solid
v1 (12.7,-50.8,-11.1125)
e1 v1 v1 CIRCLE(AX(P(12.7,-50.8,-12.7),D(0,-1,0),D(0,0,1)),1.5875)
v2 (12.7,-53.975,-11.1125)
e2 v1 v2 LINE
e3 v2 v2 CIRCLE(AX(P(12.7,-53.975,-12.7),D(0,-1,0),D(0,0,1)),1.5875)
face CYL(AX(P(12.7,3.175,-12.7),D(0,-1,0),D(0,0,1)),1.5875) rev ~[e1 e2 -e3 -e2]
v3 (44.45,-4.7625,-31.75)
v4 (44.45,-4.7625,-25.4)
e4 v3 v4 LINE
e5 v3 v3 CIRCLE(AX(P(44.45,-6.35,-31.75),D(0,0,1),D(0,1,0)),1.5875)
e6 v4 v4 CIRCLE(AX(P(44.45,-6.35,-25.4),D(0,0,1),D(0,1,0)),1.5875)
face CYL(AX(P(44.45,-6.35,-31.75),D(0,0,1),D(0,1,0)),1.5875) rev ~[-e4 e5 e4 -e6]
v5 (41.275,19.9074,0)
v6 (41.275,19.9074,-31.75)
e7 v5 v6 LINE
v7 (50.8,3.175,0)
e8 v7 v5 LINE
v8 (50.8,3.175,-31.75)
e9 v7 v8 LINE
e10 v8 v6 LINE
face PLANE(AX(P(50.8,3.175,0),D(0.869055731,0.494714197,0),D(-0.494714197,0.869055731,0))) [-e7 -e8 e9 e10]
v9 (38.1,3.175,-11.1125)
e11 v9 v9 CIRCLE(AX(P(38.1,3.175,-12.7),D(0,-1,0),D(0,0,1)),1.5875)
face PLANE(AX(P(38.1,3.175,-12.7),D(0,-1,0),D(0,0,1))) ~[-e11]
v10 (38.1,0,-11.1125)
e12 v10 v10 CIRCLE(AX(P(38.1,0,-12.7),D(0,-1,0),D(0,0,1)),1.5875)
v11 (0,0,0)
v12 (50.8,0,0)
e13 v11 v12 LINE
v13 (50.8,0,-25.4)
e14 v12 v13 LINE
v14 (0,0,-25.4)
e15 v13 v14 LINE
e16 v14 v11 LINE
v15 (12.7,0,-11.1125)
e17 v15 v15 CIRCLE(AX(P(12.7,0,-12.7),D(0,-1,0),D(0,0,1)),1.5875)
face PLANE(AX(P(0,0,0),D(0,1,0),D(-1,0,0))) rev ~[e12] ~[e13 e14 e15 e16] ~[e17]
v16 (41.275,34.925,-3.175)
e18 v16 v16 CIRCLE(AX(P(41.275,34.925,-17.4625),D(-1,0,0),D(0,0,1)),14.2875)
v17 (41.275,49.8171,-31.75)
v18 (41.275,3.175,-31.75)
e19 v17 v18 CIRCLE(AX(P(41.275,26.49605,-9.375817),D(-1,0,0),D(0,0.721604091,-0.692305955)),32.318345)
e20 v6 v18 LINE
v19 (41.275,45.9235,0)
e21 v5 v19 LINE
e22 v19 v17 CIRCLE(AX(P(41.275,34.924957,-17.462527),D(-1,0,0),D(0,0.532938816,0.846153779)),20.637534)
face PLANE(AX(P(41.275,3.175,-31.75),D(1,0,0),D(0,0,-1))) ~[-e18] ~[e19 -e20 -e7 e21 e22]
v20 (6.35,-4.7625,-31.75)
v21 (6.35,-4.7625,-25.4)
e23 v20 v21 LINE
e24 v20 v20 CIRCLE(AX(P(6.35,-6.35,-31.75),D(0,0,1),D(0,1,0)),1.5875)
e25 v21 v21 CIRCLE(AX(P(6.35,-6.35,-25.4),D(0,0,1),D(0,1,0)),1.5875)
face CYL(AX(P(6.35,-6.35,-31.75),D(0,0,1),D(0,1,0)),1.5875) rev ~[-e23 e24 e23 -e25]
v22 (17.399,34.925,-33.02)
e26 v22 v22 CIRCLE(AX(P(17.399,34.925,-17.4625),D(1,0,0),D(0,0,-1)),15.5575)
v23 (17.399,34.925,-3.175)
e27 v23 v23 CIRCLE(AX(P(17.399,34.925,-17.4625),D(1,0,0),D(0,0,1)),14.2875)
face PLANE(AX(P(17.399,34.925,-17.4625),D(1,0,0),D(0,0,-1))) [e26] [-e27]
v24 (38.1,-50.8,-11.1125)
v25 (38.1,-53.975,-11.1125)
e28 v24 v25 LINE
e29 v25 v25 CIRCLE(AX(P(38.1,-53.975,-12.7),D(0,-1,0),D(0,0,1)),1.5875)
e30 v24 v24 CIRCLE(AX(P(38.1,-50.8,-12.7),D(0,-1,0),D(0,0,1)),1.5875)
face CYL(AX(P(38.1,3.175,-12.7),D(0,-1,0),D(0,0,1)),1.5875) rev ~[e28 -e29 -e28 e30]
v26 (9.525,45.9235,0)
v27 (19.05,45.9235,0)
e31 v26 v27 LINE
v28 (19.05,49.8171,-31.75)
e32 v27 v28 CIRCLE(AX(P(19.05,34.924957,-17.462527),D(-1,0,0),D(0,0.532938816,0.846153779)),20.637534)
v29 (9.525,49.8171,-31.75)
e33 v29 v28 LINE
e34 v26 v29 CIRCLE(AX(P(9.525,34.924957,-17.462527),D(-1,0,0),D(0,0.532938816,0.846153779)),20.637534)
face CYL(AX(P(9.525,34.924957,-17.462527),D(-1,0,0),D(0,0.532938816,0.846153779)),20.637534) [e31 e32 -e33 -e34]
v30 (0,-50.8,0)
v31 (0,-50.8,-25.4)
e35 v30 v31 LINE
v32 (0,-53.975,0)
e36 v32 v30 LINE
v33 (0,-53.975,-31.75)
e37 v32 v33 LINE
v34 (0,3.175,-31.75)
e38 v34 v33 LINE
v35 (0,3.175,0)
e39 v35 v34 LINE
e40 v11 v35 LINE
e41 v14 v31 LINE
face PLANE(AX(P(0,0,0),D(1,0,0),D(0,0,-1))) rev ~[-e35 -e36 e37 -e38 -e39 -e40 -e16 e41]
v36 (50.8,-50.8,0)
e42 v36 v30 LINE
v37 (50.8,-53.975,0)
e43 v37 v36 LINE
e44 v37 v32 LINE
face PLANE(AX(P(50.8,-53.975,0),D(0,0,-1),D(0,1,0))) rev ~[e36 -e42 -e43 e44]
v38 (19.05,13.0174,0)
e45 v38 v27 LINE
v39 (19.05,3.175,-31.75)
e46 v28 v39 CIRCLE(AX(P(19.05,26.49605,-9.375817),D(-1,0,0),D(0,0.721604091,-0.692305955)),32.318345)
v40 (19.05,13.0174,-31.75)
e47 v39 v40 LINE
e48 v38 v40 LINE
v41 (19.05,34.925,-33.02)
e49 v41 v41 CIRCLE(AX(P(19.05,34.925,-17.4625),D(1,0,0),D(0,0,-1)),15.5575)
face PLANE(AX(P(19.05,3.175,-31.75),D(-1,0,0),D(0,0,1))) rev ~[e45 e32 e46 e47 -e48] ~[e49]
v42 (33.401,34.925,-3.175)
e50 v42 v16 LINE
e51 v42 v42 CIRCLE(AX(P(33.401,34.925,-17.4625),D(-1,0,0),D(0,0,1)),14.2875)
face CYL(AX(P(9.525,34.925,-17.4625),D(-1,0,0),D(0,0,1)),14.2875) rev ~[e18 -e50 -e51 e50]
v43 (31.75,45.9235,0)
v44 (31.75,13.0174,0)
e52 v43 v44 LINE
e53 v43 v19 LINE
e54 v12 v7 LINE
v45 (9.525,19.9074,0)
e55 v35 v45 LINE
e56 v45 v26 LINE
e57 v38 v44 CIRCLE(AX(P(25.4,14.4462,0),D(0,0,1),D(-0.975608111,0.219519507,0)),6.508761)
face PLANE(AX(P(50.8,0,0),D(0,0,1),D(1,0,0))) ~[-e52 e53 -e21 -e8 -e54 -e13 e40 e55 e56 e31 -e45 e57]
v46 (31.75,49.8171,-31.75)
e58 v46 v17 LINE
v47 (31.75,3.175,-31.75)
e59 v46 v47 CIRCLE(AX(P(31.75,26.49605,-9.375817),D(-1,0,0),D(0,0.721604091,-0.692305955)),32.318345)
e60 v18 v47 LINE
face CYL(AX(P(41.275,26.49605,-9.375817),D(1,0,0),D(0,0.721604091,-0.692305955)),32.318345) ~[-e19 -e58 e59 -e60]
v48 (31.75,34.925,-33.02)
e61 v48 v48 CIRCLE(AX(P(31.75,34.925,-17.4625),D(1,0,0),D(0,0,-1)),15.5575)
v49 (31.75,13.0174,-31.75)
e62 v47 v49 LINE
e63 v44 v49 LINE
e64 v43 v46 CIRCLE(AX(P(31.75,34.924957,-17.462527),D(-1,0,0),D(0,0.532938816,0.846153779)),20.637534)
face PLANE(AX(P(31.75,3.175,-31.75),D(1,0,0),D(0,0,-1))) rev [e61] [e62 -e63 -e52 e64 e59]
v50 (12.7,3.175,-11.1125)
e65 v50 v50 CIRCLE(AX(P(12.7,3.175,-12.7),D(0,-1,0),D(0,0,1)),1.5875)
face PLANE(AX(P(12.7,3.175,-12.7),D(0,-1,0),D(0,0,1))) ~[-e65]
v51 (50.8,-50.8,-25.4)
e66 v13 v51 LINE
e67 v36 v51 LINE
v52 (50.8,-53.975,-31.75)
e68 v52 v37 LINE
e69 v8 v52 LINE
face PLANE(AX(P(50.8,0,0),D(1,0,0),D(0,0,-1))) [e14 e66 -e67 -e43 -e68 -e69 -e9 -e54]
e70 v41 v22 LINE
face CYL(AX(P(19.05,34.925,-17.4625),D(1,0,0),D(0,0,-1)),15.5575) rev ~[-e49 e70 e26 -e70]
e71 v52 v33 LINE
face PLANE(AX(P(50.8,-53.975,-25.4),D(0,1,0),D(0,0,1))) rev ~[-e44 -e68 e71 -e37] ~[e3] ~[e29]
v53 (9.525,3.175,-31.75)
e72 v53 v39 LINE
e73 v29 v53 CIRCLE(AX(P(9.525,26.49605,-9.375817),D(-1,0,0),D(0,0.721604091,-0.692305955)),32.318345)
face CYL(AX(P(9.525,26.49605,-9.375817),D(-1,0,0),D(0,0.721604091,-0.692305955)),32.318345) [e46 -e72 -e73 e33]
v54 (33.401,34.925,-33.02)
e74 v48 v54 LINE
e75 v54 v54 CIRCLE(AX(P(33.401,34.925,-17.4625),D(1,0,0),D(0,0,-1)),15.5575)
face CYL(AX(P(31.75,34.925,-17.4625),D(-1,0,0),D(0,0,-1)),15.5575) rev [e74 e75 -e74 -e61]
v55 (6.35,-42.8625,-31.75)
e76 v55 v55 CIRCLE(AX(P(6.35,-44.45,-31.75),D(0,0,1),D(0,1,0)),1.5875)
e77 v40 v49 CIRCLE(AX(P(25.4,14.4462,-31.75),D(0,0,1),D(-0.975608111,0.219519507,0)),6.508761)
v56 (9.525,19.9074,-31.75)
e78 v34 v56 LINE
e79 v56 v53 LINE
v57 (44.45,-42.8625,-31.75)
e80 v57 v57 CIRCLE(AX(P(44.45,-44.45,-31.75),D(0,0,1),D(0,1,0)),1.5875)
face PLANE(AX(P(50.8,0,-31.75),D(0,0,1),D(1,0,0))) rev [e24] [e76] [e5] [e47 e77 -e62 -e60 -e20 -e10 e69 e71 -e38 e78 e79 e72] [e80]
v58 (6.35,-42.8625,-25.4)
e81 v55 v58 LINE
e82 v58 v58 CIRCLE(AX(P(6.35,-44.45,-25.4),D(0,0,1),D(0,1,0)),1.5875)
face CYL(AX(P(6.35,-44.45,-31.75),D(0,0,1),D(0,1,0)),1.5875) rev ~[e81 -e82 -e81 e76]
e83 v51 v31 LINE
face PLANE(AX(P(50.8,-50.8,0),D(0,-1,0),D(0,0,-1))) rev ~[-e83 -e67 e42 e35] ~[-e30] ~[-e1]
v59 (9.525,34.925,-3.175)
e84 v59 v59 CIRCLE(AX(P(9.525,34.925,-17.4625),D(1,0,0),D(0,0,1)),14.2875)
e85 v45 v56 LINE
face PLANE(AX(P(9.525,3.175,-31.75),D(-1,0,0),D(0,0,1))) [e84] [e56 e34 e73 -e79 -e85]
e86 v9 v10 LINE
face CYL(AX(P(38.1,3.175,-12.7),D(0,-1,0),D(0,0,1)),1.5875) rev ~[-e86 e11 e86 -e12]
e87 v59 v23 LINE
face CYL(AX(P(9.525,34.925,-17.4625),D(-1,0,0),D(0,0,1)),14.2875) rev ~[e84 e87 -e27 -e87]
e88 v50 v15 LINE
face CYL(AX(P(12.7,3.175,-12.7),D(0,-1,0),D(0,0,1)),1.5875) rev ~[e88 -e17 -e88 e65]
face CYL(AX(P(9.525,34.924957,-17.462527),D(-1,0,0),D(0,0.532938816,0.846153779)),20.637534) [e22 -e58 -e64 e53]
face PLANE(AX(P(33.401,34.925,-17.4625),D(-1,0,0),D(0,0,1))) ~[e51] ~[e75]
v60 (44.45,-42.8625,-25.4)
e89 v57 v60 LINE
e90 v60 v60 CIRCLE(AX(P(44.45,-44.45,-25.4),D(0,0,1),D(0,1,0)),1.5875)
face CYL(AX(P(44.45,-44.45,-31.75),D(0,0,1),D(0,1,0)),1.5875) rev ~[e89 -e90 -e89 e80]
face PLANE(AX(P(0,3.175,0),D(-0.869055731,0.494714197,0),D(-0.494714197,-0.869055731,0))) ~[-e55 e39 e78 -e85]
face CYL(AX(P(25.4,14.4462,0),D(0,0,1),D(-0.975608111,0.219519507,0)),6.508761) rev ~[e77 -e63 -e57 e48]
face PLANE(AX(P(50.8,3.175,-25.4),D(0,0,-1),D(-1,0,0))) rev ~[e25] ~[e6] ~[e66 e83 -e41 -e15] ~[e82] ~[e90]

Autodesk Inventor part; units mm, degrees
ref_plane "YZ Plane" through (0, 0, 0) normal (1, 0, 0) x (0, 1, 0)
ref_plane "XZ Plane" through (0, 0, 0) normal (0, 1, 0) x (-1, 0, 0)
sketch "Sketch1" plane through (0, 0, 0) normal (0, 1, 0) x (-1, 0, 0)
  line L0 (0, 0) -> (-50.8, 0)
  line L1 (-50.8, 0) -> (-50.8, -25.4)
  line L2 (-50.8, -25.4) -> (0, -25.4)
  line L3 (0, -25.4) -> (0, 0)
  dimension "d0" = 50.8
  dimension "d1" = 25.4
extrude "Extrusion1" add sketch "Sketch1" along normal blind 3.175
sketch "Sketch10" plane through (0, 3.175, 0) normal (0, 1, 0) x (1, 0, 0)
  line L0 (50.8, 25.4) -> (0, 25.4) projected
  line L1 (0, 25.4) -> (50.8, 25.4)
  line L2 (50.8, 25.4) -> (50.8, 31.75)
  line L3 (50.8, 31.75) -> (0, 31.75)
  line L4 (0, 31.75) -> (0, 25.4)
  point P0 (0, 0)
  dimension "d46" = 6.35
extrude "Extrusion7" add sketch "Sketch10" against normal blind 57.15
sketch "Sketch11" plane through (50.8, 0, 0) normal (1, 0, 0) x (0, 0, -1)
  line L0 (25.4, -53.975) -> (31.75, -53.975) projected
  line L1 (25.4, -53.975) -> (0, -53.975)
  line L2 (0, -53.975) -> (0, -50.8)
  line L3 (0, -50.8) -> (25.4, -50.8)
  line L4 (25.4, -50.8) -> (25.4, -53.975)
  point P0 (0, 0)
  dimension "d49" = 3.175
  dimension "d80" = 25.4
extrude "Extrusion8" add sketch "Sketch11" against normal blind 50.8
sketch "Sketch12" plane through (0, 3.175, 0) normal (0, 1, 0) x (1, 0, 0)
  line L0 (9.525, 31.75) -> (19.05, 31.75)
  line L1 (19.05, 31.75) -> (19.05, 0)
  line L2 (19.05, 0) -> (9.525, 0)
  line L3 (9.525, 0) -> (9.525, 31.75)
  line L4 (31.75, 31.75) -> (41.275, 31.75)
  line L5 (41.275, 31.75) -> (41.275, 0)
  line L6 (41.275, 0) -> (31.75, 0)
  line L7 (31.75, 0) -> (31.75, 31.75)
  line L8 (19.05, 31.75) -> (31.75, 31.75) construction
  line L9 (50.8, 25.4) -> (0, 25.4) construction
  line L10 (50.8, 31.75) -> (0, 31.75) construction
  line L11 (50.8, 0) -> (50.8, 31.75) construction
  point P0 (0, 0)
  point P1 (25.4, 31.75)
  point P2 (25.4, 31.75)
  point P3 (41.275, 15.875)
  point P4 (50.8, 15.875)
  point P5 (36.5125, 31.75)
  point P6 (25.4, 31.75)
  dimension "d52" = 12.7
  dimension "d54" = 9.525
extrude "Extrusion9" add sketch "Sketch12" along normal blind 76.2
sketch "Sketch14" plane through (0, 3.175, 0) normal (0, 1, 0) x (1, 0, 0)
  line L0 (0, 31.75) -> (0, 0) projected
  line L1 (0, 0) -> (50.8, 0) projected
  point P0 (12.7, 12.7)
  point P1 (38.1, 12.7)
  dimension "d62" = 12.7
  dimension "d63" = 12.7
  dimension "d64" = 25.4
hole "Hole3" at (12.7, 3.175, -12.7) at (38.1, 3.175, -12.7) direction (0, -1, 0) diameter 3.175 end through all
sketch "Sketch15" plane through (50.8, 3.175, -31.75) normal (0, 0, -1) x (-1, 0, 0)
  line L0 (6.35, -9.525) -> (44.45, -9.525) construction
  line L1 (44.45, -9.525) -> (44.45, -47.625) construction
  line L2 (44.45, -47.625) -> (6.35, -47.625) construction
  line L3 (6.35, -47.625) -> (6.35, -9.525) construction
  line L4 (0, 0) -> (50.8, 0) construction
  line L5 (50.8, 0) -> (50.8, -57.15) construction
  point P0 (50.8, -3.175)
  point P1 (25.4, -9.525)
  point P2 (25.4, 0)
  point P3 (44.45, -28.575)
  point P4 (50.8, -28.575)
  dimension "d72" = 38.1
hole "Hole4" at (44.45, -6.35, -31.75) at (6.35, -6.35, -31.75) at (6.35, -44.45, -31.75) at (44.45, -44.45, -31.75) direction (0, 0, 1) diameter 3.175 end through all
sketch "Sketch17" plane through (9.525, 3.175, -31.75) normal (-1, 0, 0) x (0, 0, 1)
  circle A0 centre (14.2875, 31.75) radius 14.2875
  line L0 (0, 0) -> (31.75, 0) projected
  line L1 (31.75, 0) -> (31.75, 76.2) projected
  line L2 (0, 76.2) -> (31.75, 76.2) projected
  line L3 (31.75, 76.2) -> (0, 76.2)
  line L4 (0, 76.2) -> (0, 33.9421)
  line L5 (0, 0) -> (0, 76.2) projected
  arc A1 (31.75, 42.7485) -> (0, 46.6421) centre (14.2875, 31.75) ccw
  arc A2 (0, 46.6421) -> (0, 0) centre (22.3743, 23.321) ccw
  point P0 (31.75, -3.175)
  point P1 (31.75, 30.0485)
  point P2 (0, 46.6421)
  point P3 (0, 46.6421)
  point P4 (0, 46.6421)
  dimension "d83" = 28.575
  dimension "d84" = 31.75
  dimension "d85" = 17.4625
  dimension "d98" = 6.35
extrude "Extrusion16" cut sketch "Sketch17" against normal blind 38.1 contours A0 | L4 L2 L1 A1
sketch "Sketch19" plane through (0, 0, 0) normal (0, 0, 1) x (1, 0, 0)
  line L0 (31.75, 3.175) -> (31.75, 20.0329)
  arc A0 (19.05, 15.875) -> (31.75, 15.875) centre (25.4, 14.4462) ccw
  line L1 (19.05, 3.175) -> (31.75, 3.175) projected
  line L2 (19.05, 3.175) -> (19.05, 45.9235) projected
  line L3 (31.75, 3.175) -> (31.75, 45.9235) projected
  point P0 (0, 0)
  point P1 (31.75, 15.875)
  dimension "d103" = 4.7625
  dimension "d104" = 12.7
  dimension "d105" = 12.7
extrude "Extrusion18" add sketch "Sketch19" against normal blind 31.75
sketch "Sketch20" plane through (19.05, 34.925, -17.4625) normal (1, 0, 0) x (0, 0, -1)
  circle A0 centre (0, 0) radius 14.2875 projected
  circle A1 centre (0, 0) radius 15.5575
  point P0 (-17.4625, -34.925)
  dimension "d108" = 1.27
extrude "Extrusion20" add sketch "Sketch17" against normal blind 9.525 contours L5 A2 L4
extrude "Extrusion21" cut sketch "Sketch20" against normal blind 1.651
ref_plane "Work Plane3" through (25.4, 13.0175, 0) normal (1, 0, 0) x (0, 0, -1)
mirror "Mirror6" about plane through (25.4, 13.0175, 0) normal (1, 0, 0) of "Extrusion20", "Extrusion21"
sketch "Sketch21" plane through (41.275, 3.175, 0) normal (1, 0, 0) x (0, 0, -1)
  circle A0 centre (17.4625, 31.75) radius 14.2875 projected
  arc A1 (31.75, 0) -> (31.75, 46.6421) centre (9.3757, 23.321) ccw projected
  arc A2 (31.75, 46.6421) -> (0, 42.7485) centre (17.4625, 31.75) ccw projected
  line L0 (0, 0) -> (0, 42.7485) projected
  line L1 (31.75, 0) -> (0, 0) projected
  point P0 (0, -3.175)
sketch "Sketch22" plane through (0, 3.175, 0) normal (0, 1, 0) x (1, 0, 0)
  line L0 (50.8, 0) -> (50.8, 31.75) projected
  line L1 (41.275, 31.75) -> (41.275, 0) projected
  line L2 (41.275, 0) -> (50.8, 0) projected
  line L3 (50.8, 0) -> (50.8, 31.75) projected
  line L4 (50.8, 31.75) -> (41.275, 31.75) projected
  point P0 (0, 0)
sketch "Sketch23" plane through (41.275, 3.175, 0) normal (1, 0, 0) x (0, 0, -1)
  circle A0 centre (17.4625, 31.75) radius 14.2875 projected
  line L0 (14.1389, 17.8544) -> (0, 17.8544)
  line L1 (0, 0) -> (0, 42.7485) projected
  line L2 (14.1389, 17.8544) -> (31.75, 17.8544)
  line L3 (31.75, 0) -> (31.75, 9.8425) projected
  line L4 (31.75, 17.8544) -> (31.75, 0)
  point P0 (0, -3.175)
sketch "Sketch24" plane through (0, 0, 0) normal (0, 0, 1) x (1, 0, 0)
  line L0 (50.8, 0) -> (50.8, 3.175) projected
  line L1 (50.8, 3.175) -> (41.275, 19.9074)
  line L2 (41.275, 49.8171) -> (41.275, 3.175) projected
  line L3 (41.275, 21.0294) -> (41.275, 3.175)
  line L4 (41.275, 3.175) -> (50.8, 3.175) projected
  line L5 (41.275, 3.175) -> (50.8, 3.175)
  point P0 (0, 0)
extrude "Extrusion22" add sketch "Sketch24" against normal blind 31.75
mirror "Mirror7" about plane through (25.4, 13.0175, 0) normal (1, 0, 0) of "Extrusion22"
properties part number "Intake - Mount"
